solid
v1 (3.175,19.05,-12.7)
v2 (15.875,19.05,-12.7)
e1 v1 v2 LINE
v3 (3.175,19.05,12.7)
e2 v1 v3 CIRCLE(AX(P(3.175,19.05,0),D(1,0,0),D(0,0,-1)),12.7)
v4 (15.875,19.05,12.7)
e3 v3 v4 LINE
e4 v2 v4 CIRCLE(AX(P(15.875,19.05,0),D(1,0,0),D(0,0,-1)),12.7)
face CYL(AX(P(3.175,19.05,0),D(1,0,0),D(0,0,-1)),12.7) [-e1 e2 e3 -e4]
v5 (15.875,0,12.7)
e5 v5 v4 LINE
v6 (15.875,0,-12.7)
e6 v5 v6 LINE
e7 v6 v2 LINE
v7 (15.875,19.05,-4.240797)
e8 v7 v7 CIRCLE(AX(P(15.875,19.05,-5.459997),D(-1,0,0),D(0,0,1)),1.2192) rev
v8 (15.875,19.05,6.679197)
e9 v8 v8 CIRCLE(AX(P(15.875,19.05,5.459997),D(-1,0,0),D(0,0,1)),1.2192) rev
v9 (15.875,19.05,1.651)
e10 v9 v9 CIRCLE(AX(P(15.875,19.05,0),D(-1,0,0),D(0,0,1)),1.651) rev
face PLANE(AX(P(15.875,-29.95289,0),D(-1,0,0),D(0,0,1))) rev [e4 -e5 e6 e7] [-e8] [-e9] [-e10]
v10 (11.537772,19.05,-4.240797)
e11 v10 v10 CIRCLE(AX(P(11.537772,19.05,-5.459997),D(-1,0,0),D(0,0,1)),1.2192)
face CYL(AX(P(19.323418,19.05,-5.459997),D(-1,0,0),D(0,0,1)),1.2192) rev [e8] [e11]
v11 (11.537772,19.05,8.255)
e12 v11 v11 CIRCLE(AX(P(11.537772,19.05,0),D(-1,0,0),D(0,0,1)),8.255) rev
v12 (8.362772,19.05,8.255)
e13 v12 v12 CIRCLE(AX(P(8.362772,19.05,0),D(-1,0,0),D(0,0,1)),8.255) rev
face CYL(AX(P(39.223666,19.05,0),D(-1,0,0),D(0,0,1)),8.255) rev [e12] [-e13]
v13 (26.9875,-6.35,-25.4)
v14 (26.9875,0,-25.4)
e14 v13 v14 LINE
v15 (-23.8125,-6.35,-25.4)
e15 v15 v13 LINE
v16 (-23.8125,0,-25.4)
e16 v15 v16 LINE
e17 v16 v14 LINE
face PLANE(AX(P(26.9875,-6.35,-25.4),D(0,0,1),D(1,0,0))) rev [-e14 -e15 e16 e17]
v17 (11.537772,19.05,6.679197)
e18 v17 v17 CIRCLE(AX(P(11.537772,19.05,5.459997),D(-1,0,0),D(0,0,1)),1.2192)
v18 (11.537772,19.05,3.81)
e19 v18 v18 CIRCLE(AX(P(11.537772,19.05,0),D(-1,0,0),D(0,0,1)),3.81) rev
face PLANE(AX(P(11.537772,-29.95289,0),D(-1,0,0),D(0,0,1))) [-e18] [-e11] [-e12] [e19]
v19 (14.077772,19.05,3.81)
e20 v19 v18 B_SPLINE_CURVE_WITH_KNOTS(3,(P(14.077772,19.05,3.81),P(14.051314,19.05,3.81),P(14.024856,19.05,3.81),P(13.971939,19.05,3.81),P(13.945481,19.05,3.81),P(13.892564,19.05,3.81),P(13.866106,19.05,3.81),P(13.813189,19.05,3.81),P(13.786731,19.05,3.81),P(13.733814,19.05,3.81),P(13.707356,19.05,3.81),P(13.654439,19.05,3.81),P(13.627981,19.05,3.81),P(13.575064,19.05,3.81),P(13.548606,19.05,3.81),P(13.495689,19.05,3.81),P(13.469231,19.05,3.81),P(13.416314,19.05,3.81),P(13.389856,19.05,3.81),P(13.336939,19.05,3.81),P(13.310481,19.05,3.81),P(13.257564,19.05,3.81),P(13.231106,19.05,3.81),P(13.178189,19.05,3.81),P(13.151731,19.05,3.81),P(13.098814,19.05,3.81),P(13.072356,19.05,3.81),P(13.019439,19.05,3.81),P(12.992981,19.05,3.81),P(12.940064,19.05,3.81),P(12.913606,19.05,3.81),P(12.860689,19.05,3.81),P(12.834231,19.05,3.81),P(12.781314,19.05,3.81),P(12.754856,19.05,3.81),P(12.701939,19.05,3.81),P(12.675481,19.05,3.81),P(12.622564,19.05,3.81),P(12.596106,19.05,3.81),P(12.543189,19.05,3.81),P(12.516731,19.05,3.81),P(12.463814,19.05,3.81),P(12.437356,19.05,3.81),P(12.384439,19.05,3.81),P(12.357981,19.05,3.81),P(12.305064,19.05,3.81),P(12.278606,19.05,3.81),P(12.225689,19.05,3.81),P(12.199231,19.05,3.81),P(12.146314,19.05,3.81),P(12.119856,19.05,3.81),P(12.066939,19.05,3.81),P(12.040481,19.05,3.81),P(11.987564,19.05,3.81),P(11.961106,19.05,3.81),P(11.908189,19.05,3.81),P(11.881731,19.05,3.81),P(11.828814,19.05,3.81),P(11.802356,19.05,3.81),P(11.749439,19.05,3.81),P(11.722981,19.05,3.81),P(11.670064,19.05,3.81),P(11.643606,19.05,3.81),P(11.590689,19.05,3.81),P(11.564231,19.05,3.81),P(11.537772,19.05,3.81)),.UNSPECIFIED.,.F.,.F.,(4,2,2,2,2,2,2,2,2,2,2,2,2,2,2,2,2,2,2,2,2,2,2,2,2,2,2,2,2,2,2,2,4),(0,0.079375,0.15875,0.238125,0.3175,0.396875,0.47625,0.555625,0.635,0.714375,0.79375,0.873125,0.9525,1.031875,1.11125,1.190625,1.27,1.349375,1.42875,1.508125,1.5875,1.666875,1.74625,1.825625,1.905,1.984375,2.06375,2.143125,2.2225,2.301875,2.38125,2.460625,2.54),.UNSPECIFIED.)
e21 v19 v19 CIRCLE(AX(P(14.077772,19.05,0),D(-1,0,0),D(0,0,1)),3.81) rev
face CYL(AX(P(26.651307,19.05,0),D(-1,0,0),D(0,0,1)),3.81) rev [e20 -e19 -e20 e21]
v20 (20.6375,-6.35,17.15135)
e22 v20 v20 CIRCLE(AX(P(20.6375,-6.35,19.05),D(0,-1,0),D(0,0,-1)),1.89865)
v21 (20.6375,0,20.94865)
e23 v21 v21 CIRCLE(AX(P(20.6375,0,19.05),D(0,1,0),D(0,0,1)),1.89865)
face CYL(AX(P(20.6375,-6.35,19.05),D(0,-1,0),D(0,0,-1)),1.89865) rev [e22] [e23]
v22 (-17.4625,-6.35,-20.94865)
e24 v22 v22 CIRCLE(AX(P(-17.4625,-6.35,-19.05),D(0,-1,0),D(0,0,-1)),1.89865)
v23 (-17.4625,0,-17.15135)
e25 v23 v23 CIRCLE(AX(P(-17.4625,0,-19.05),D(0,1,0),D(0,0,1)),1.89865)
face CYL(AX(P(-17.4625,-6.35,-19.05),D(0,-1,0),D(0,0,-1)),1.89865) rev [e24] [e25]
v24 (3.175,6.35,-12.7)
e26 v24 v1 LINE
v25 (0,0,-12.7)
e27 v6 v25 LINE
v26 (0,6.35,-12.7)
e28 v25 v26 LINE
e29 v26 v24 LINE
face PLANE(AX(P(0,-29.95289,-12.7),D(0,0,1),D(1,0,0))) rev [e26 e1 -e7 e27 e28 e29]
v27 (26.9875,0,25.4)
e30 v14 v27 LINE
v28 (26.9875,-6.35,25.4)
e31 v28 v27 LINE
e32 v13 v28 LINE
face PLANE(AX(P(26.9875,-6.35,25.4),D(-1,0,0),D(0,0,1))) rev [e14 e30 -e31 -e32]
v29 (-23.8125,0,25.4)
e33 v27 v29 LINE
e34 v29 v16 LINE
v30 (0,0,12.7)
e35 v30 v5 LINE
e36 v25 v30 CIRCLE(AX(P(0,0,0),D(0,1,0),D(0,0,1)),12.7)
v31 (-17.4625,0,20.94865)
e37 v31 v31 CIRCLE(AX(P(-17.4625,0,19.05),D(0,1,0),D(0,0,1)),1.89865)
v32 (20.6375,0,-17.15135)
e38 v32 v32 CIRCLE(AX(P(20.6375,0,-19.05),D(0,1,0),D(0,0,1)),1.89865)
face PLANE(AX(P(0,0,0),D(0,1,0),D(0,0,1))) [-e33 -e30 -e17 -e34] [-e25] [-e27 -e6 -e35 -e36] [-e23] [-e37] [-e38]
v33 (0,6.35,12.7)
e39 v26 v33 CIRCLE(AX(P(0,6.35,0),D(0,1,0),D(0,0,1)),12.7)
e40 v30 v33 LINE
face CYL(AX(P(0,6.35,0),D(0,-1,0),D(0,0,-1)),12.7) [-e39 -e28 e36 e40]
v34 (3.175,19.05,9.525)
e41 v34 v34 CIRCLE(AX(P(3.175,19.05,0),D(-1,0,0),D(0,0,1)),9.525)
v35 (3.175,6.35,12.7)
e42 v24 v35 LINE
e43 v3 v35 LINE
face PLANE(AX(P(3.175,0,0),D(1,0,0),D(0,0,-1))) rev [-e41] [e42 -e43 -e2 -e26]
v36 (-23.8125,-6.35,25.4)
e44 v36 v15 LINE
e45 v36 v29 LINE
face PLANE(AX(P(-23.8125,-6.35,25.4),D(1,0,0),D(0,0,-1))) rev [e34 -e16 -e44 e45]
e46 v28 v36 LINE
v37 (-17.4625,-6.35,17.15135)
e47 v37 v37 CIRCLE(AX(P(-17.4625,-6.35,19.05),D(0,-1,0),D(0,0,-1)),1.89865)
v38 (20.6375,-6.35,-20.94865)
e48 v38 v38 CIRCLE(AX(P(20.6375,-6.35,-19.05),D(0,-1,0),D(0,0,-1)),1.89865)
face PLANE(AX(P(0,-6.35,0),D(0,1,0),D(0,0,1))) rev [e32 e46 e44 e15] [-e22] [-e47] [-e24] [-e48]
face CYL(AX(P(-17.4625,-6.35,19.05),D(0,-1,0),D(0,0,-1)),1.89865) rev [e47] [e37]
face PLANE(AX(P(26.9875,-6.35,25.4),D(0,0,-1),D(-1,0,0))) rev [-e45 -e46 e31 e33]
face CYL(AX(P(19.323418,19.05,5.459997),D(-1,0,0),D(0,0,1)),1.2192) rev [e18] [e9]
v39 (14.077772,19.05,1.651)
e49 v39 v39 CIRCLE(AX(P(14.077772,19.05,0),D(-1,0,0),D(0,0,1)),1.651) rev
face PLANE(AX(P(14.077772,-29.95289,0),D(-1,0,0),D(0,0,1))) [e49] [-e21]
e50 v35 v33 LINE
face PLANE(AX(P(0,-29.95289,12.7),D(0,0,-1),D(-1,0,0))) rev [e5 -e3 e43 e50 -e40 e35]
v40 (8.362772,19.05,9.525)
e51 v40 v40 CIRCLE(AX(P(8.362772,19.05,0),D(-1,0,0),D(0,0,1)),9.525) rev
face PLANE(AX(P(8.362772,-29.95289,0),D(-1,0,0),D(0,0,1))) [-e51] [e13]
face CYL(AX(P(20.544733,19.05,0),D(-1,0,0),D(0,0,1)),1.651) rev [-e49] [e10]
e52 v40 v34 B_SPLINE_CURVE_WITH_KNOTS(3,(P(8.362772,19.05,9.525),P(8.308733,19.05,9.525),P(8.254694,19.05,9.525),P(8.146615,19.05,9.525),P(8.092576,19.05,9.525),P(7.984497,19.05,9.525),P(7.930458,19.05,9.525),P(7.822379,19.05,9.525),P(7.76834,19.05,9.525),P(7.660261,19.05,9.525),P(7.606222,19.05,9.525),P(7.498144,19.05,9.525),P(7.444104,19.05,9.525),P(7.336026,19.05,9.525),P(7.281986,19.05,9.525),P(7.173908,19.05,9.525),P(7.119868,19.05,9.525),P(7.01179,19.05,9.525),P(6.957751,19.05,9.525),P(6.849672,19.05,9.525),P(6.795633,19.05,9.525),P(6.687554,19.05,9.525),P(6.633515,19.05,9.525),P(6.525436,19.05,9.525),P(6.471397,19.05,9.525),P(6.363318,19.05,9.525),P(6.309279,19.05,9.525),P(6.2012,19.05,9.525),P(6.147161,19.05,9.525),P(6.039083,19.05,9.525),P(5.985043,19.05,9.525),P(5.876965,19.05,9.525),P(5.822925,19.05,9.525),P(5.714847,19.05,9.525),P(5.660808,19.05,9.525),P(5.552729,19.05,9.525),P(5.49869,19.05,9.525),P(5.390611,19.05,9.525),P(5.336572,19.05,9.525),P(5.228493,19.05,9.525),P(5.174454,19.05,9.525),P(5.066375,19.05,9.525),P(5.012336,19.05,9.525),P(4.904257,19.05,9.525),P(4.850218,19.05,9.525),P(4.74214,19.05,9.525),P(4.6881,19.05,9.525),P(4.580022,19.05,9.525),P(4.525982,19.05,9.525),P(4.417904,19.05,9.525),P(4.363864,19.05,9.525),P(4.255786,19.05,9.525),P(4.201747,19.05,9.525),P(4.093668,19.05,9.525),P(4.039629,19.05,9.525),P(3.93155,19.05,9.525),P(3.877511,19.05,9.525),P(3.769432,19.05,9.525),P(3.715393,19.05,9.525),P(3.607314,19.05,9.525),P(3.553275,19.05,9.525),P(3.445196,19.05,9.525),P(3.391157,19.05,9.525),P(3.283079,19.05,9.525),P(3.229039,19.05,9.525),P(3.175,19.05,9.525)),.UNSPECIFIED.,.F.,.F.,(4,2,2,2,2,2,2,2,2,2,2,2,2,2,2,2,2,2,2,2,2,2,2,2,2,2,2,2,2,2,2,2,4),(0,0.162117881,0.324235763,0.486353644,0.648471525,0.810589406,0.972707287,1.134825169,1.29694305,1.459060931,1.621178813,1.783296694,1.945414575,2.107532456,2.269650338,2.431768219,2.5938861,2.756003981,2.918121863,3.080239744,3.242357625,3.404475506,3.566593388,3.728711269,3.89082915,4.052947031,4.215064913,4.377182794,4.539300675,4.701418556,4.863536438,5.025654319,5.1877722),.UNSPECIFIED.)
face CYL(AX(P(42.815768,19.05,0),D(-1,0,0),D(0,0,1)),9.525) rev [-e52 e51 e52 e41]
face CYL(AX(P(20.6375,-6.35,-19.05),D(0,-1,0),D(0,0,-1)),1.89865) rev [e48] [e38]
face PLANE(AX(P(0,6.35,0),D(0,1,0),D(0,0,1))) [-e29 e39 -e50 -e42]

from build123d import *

# Parameters (mm, degrees)
SKETCH1_R                 = 12.7
BOSS_EXTRUDE1_DEPTH       = 6.35
BOSS_EXTRUDE6_START       = -6.35
BOSS_EXTRUDE6_DEPTH       = 6.35
SKETCH15_R                = 12.7
BOSS_EXTRUDE8_DEPTH       = 12.7
SKETCH17_R                = 1.651
CUT_EXTRUDE4_DEPTH        = 12.7
SKETCH18_R                = 3.81
CUT_EXTRUDE5_DEPTH        = 10.9027722
SKETCH19_R                = 8.255
CUT_EXTRUDE6_DEPTH        = 8.3627722
SKETCH20_R                = 9.525
CUT_EXTRUDE7_DEPTH        = 5.1877722
SKETCH21_R                = 1.2192
CUT_EXTRUDE8_DEPTH        = 4.3372278
SKETCH22_W                = 50.8
SKETCH22_H                = 50.8
BOSS_EXTRUDE9_DEPTH       = 6.35
F_6_CLEARANCE_HOLE1_D     = 3.7973
F_6_CLEARANCE_HOLE1_DEPTH = 25.4
F_6_CLEARANCE_HOLE1_TIP   = 1.140824014


with BuildPart() as part:
    # Sketch1 → Boss-Extrude1 (new body)
    with BuildSketch(Plane(origin=(0, 0, 0), x_dir=(1, 0, 0), z_dir=(0, 1, 0))):
        with Locations(Location((0, 0, 0), (0, 0, 270))):
            Circle(SKETCH1_R)
    extrude(amount=BOSS_EXTRUDE1_DEPTH)

    # Sketch14 → Boss-Extrude6 (add)
    with BuildSketch(Plane(origin=(0, 6.35, 0), x_dir=(1, 0, 0), z_dir=(0, 1, 0)).offset(BOSS_EXTRUDE6_START)):
        with BuildLine():
            Line((15.875, 12.7), (0, 12.7))
            ThreePointArc((0, 12.7), (8.980256121, 8.980256121), (12.7, 0))
            ThreePointArc((12.7, 0), (8.980256121, -8.980256121), (0, -12.7))
            Line((0, -12.7), (15.875, -12.7))
            Line((15.875, -12.7), (15.875, 12.7))
        make_face()
    extrude(amount=BOSS_EXTRUDE6_DEPTH)

    # Sketch15 → Boss-Extrude8 (add)
    with BuildSketch(Plane(origin=(15.875, 0, 0), x_dir=(0, 0, -1), z_dir=(1, 0, 0))):
        with Locations((0, 19.05)):
            Circle(SKETCH15_R)
        with BuildLine():
            ThreePointArc((-3e-08, 6.35), (-8.980256132, 10.06974389), (-12.7, 19.05))
            Line((-12.7, 19.05), (-12.7, 6.35))
            Line((-12.7, 6.35), (-3e-08, 6.35))
        make_face()
        with BuildLine():
            Line((12.7, 6.35), (12.7, 19.05))
            ThreePointArc((12.7, 19.05), (8.98025611, 10.069743868), (-3e-08, 6.35))
            Line((-3e-08, 6.35), (12.7, 6.35))
        make_face()
    extrude(amount=-BOSS_EXTRUDE8_DEPTH)

    # Sketch17 → Cut-Extrude4 (cut)
    with BuildSketch(Plane.ZY.offset(-3.175)):
        with Locations((0, 19.05)):
            Circle(SKETCH17_R)
    extrude(amount=-CUT_EXTRUDE4_DEPTH, mode=Mode.SUBTRACT)

    # Sketch18 → Cut-Extrude5 (cut)
    with BuildSketch(Plane.ZY.offset(-3.175)):
        with Locations((0, 19.05)):
            Circle(SKETCH18_R)
    extrude(amount=-CUT_EXTRUDE5_DEPTH, mode=Mode.SUBTRACT)

    # Sketch19 → Cut-Extrude6 (cut)
    with BuildSketch(Plane.ZY.offset(-3.175)):
        with Locations((0, 19.05)):
            Circle(SKETCH19_R)
    extrude(amount=-CUT_EXTRUDE6_DEPTH, mode=Mode.SUBTRACT)

    # Sketch20 → Cut-Extrude7 (cut)
    with BuildSketch(Plane.ZY.offset(-3.175)):
        with Locations((0, 19.05)):
            Circle(SKETCH20_R)
    extrude(amount=-CUT_EXTRUDE7_DEPTH, mode=Mode.SUBTRACT)

    # Sketch21 → Cut-Extrude8 (cut)
    with BuildSketch(Plane.ZY.offset(-11.5377722)):
        with Locations((5.4599967, 19.05)):
            Circle(SKETCH21_R)
        with Locations((-5.4599967, 19.05)):
            Circle(SKETCH21_R)
    extrude(amount=-CUT_EXTRUDE8_DEPTH, mode=Mode.SUBTRACT)

    # Sketch22 → Boss-Extrude9 (add)
    with BuildSketch(Plane.XZ):
        with Locations((1.5875, 0)):
            Rectangle(SKETCH22_W, SKETCH22_H)
    extrude(amount=BOSS_EXTRUDE9_DEPTH)

    # #6 Clearance Hole1
    with Locations(Plane(origin=(0, -6.35, 0), x_dir=(-1, 0, 0), z_dir=(0, -1, 0))):
        with Locations((-20.6375, 19.05), (17.4625, 19.05), (17.4625, -19.05), (-20.6375, -19.05)):
            Hole(F_6_CLEARANCE_HOLE1_D / 2, depth=F_6_CLEARANCE_HOLE1_DEPTH)
            with Locations((0, 0, -(F_6_CLEARANCE_HOLE1_DEPTH + F_6_CLEARANCE_HOLE1_TIP / 2))):  # 118° drill point
                Cone(0, F_6_CLEARANCE_HOLE1_D / 2, F_6_CLEARANCE_HOLE1_TIP, mode=Mode.SUBTRACT)


solid = part.part
